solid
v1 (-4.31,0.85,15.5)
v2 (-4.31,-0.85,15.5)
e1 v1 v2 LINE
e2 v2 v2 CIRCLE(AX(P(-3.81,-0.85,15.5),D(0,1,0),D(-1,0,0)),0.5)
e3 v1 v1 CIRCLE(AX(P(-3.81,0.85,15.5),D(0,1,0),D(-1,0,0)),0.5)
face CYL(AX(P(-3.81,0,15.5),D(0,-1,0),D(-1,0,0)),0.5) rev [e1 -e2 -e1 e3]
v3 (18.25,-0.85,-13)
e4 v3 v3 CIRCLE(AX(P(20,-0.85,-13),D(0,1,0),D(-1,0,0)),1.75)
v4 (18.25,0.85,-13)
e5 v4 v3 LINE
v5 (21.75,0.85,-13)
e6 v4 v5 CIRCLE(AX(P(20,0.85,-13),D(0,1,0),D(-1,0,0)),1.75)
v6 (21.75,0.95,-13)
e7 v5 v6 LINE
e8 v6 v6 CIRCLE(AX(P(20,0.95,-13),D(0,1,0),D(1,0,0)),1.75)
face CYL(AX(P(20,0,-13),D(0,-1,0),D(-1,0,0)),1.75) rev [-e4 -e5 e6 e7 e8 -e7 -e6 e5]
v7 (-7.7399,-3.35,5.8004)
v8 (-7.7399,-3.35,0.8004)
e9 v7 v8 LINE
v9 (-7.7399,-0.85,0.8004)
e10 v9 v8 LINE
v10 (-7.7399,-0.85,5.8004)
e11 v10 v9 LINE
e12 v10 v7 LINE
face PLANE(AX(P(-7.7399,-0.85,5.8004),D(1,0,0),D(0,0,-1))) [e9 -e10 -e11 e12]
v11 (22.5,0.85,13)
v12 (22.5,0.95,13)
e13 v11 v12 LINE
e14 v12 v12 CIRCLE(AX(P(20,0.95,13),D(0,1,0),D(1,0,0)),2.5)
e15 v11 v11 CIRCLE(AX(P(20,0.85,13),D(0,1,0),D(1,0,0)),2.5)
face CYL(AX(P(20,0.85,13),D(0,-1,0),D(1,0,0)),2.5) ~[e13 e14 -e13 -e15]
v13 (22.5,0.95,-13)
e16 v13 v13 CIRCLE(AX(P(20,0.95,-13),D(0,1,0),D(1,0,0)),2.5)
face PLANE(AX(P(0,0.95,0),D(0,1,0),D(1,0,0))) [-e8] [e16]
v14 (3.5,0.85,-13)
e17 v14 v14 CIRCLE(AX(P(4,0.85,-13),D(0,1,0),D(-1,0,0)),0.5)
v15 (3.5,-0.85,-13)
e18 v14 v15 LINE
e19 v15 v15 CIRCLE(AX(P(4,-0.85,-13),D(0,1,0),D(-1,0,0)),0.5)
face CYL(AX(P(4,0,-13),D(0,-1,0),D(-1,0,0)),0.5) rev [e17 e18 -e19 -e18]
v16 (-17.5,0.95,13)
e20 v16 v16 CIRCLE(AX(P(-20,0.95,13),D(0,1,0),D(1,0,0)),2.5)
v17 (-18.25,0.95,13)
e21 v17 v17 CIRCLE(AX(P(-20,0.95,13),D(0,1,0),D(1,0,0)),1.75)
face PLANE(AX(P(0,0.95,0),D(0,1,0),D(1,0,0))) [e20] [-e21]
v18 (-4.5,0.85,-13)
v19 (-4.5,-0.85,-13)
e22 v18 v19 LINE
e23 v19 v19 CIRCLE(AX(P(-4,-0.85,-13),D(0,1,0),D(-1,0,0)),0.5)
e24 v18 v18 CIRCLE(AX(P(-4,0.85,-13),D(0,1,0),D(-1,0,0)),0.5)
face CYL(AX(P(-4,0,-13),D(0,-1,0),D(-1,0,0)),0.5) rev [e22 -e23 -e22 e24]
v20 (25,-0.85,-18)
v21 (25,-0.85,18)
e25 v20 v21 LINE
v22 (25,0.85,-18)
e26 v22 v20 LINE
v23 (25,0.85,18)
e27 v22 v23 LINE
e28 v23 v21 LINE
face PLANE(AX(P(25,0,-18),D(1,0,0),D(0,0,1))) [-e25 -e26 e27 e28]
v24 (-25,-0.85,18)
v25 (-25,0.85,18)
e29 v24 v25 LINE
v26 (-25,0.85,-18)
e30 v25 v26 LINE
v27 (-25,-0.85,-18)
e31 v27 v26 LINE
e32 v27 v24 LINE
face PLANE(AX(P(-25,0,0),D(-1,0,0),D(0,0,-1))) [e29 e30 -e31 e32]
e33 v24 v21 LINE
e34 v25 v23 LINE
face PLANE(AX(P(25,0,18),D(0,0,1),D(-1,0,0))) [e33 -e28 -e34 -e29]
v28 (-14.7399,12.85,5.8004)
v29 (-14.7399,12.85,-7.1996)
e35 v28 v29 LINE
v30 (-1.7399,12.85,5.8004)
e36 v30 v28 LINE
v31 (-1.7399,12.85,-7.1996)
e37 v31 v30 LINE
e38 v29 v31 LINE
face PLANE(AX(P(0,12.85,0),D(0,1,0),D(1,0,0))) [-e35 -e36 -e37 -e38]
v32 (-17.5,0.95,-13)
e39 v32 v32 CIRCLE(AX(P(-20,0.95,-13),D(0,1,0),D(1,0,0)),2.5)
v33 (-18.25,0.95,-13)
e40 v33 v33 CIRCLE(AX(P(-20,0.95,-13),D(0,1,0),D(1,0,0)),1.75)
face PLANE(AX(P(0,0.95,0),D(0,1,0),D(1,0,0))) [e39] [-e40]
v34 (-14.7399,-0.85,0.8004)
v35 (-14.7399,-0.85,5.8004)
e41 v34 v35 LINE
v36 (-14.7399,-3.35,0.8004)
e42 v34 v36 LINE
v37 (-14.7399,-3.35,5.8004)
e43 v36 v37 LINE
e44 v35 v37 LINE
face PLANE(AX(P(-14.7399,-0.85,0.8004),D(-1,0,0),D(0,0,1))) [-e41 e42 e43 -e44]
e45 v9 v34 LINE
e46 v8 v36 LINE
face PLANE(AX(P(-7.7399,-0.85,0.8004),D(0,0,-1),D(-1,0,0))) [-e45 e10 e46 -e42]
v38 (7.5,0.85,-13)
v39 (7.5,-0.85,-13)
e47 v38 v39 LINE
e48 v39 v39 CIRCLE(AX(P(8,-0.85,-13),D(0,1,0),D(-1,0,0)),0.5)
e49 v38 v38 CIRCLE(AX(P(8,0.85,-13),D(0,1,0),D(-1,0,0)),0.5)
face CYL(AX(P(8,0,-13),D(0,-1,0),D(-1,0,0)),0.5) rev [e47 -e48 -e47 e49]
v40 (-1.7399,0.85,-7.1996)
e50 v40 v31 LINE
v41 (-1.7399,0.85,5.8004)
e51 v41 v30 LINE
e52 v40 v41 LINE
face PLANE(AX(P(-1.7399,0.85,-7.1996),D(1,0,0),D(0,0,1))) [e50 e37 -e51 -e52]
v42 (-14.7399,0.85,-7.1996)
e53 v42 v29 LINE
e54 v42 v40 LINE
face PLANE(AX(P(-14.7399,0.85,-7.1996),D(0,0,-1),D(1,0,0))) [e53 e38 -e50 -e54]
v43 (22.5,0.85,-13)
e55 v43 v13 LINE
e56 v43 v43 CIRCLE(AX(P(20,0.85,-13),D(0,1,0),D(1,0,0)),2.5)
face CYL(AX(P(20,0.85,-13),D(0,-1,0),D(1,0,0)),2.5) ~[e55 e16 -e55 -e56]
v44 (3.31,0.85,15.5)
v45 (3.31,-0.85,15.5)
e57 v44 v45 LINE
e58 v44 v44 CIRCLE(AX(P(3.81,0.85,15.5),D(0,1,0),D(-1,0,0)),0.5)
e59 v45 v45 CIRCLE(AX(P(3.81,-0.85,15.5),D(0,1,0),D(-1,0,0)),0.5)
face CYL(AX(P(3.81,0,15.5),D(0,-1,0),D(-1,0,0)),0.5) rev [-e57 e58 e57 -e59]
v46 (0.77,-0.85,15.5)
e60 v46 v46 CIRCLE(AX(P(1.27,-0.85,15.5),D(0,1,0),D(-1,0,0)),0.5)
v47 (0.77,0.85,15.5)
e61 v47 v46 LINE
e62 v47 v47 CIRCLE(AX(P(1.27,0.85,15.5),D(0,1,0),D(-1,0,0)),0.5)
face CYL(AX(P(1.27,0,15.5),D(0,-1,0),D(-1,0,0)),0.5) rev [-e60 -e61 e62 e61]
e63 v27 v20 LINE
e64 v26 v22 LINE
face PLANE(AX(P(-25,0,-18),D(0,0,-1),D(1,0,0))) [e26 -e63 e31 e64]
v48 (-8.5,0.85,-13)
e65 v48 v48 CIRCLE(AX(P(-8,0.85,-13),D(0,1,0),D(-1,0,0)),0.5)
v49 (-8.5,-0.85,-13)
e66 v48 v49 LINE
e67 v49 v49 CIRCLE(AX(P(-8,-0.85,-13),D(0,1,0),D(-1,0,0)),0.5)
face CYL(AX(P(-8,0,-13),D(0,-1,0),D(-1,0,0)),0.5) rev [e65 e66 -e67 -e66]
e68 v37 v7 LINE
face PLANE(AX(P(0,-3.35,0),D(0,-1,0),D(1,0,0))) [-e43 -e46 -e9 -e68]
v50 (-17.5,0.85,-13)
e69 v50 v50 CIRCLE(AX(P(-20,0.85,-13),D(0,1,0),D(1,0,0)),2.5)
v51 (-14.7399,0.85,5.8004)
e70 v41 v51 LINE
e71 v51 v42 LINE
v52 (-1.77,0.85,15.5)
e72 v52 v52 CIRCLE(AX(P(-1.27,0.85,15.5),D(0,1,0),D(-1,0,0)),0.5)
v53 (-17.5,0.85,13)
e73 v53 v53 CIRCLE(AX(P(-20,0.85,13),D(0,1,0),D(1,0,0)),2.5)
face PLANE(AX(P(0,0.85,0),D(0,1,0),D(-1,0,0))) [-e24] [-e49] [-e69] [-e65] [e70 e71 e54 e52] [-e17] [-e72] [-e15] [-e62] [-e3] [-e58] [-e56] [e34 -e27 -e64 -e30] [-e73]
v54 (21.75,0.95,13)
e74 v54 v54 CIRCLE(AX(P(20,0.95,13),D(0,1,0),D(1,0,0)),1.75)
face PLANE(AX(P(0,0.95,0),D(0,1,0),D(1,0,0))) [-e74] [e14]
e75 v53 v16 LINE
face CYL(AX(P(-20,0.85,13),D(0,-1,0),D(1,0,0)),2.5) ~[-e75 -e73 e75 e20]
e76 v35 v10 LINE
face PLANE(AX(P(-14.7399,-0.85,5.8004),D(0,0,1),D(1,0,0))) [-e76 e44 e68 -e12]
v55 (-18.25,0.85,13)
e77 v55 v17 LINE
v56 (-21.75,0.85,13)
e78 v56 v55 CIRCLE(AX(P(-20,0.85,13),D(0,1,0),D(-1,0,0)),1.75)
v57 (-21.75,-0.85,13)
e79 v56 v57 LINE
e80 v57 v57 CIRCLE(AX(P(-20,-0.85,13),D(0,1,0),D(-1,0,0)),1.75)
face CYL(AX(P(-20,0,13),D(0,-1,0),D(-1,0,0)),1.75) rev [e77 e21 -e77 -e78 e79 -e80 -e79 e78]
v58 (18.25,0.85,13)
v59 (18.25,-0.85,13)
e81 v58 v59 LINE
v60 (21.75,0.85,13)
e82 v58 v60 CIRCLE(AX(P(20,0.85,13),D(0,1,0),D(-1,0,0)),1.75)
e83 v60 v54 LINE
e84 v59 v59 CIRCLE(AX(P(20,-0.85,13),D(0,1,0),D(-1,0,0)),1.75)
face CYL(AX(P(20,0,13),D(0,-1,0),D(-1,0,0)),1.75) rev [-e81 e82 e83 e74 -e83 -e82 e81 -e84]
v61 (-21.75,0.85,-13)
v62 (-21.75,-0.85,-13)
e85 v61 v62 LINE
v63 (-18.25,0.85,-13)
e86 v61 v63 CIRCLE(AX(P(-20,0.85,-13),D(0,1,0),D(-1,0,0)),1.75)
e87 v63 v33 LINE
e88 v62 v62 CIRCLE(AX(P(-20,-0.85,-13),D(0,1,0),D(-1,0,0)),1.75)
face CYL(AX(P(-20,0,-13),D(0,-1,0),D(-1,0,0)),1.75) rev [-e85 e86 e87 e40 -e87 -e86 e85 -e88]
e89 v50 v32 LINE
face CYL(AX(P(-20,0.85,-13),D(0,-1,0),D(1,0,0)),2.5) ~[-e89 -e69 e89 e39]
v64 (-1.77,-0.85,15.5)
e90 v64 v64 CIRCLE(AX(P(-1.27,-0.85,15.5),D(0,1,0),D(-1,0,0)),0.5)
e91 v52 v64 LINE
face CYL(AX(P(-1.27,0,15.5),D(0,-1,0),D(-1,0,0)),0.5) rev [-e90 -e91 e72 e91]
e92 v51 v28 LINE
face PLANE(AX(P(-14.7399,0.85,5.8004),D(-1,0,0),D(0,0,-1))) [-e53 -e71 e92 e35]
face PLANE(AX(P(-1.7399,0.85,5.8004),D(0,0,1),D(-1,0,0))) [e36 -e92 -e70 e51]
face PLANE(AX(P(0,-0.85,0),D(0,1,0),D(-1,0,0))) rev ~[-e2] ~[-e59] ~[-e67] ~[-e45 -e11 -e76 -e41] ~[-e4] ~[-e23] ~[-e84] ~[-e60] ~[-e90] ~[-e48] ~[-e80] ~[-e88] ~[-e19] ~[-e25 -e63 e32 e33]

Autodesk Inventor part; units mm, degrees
ref_plane "YZ Plane" through (0, 0, 0) normal (1, 0, 0) x (0, 1, 0)
ref_plane "XZ Plane" through (0, 0, 0) normal (0, 1, 0) x (-1, 0, 0)
ref_plane "XY Plane" through (0, 0, 0) normal (0, 0, 1) x (1, 0, 0)
sketch "Sketch1" plane through (0, 0, 0) normal (0, 1, 0) x (-1, 0, 0)
  line L0 (25, -18) -> (-25, -18)
  line L1 (-25, -18) -> (-25, 18)
  line L2 (-25, 18) -> (25, 18)
  line L3 (25, 18) -> (25, -18)
  line L4 (25, 0) -> (25, 18)
  line L5 (25, 18) -> (0, 18)
  circle A0 centre (20, 13) radius 1.75
  circle A1 centre (-20, 13) radius 1.75
  circle A2 centre (20, -13) radius 1.75
  circle A3 centre (-20, -13) radius 1.75
  line L6 (0, -18) -> (0, 18) construction
  circle A4 centre (1.27, 15.5) radius 0.5
  circle A5 centre (3.81, 15.5) radius 0.5
  circle A6 centre (-1.27, 15.5) radius 0.5
  circle A7 centre (-3.81, 15.5) radius 0.5
  circle A8 centre (-4, -13) radius 0.5
  circle A9 centre (-8, -13) radius 0.5
  circle A10 centre (4, -13) radius 0.5
  circle A11 centre (8, -13) radius 0.5
  point P0 (0, 0)
  dimension "d0" = 50
  dimension "d1" = 36
  dimension "d10" = 3.5
  dimension "d12" = 5
  dimension "d13" = 5
  dimension "d16" = 1
  dimension "d17" = 1.27
  dimension "d18" = 2.5
  dimension "d19" = 1
  dimension "d20" = 2.54
  dimension "d21" = 1
  dimension "d22" = 4
  dimension "d23" = 1
  dimension "d24" = 4
  dimension "d41" = 12
  dimension "d43" = 40
  dimension "d44" = 26
extrude "Extrusion1" add sketch "Sketch1" along normal mid plane 1.7
sketch "Sketch2" plane through (0, 0.85, 0) normal (0, 1, 0) x (1, 0, 0)
  line L0 (-14.7399, 7.1996) -> (-1.7399, 7.1996)
  line L1 (-1.7399, 7.1996) -> (-1.7399, -5.8004)
  line L2 (-1.7399, -5.8004) -> (-14.7399, -5.8004)
  line L3 (-14.7399, -5.8004) -> (-14.7399, 7.1996)
  point P0 (0, 0)
  dimension "d27" = 13
  dimension "d28" = 13
extrude "Extrusion2" add sketch "Sketch2" along normal blind 12
sketch "Sketch3" plane through (0, -0.85, 0) normal (0, -1, 0) x (1, 0, 0)
  line L0 (-14.7399, 5.8004) -> (-7.7399, 5.8004)
  line L1 (-7.7399, 5.8004) -> (-7.7399, 0.8004)
  line L2 (-7.7399, 0.8004) -> (-14.7399, 0.8004)
  line L3 (-14.7399, 0.8004) -> (-14.7399, 5.8004)
  point P0 (0, 0)
  dimension "d31" = 7
  dimension "d32" = 5
extrude "Extrusion3" add sketch "Sketch3" along normal blind 2.5
sketch "Sketch4" plane through (0, 0.85, 0) normal (0, 1, 0) x (1, 0, 0)
  line L0 (-4.7519, -12.75) -> (-3.9944, -12.75) construction
  line L1 (-3.9944, -12.75) -> (-3.9944, -13.9894) construction
  line L2 (-3.9944, -13.9894) -> (-4.7519, -13.9894) construction
  line L3 (-4.7519, -13.9894) -> (-4.7519, -12.75) construction
  line L4 (-2.1513, -12.7634) -> (-1.6525, -12.7634) construction
  line L5 (-1.6525, -12.7634) -> (-1.6525, -14.0027) construction
  line L6 (-1.6525, -14.0027) -> (-2.1513, -14.0027) construction
  line L7 (-2.1513, -14.0027) -> (-2.1513, -12.7634) construction
  line L8 (0.0686, -14.1363) -> (0.0686, -12.897) construction
  line L9 (0.0686, -12.897) -> (0.5673, -12.897) construction
  line L10 (0.5673, -12.897) -> (0.5673, -14.1363) construction
  line L11 (0.5673, -14.1363) -> (0.0686, -14.1363) construction
  line L12 (1.0686, 4.3486) -> (9.004, 4.3486) construction
  line L13 (9.004, 4.3486) -> (9.004, 3.8499) construction
  line L14 (9.004, 3.8499) -> (1.0686, 3.8499) construction
  line L15 (1.0686, 3.8499) -> (1.0686, 4.3486) construction
  line L16 (2.9588, -14.8877) -> (2.9588, -13.6483) construction
  line L17 (2.9588, -13.6483) -> (3.4575, -13.6483) construction
  line L18 (3.4575, -13.6483) -> (3.4575, -14.8877) construction
  line L19 (3.4575, -14.8877) -> (2.9588, -14.8877) construction
  line L20 (-3.0733, 9.8872) -> (-3.8308, 9.8872) construction
  line L21 (-3.8308, 9.8872) -> (-3.8308, 11.1266) construction
  line L22 (-3.8308, 11.1266) -> (-3.0733, 11.1266) construction
  line L23 (-3.0733, 11.1266) -> (-3.0733, 9.8872) construction
  line L24 (4.9547, 10.9292) -> (4.9547, 9.7419) construction
  line L25 (4.9547, 9.7419) -> (4.1972, 9.7419) construction
  line L26 (4.1972, 9.7419) -> (4.1972, 10.9292) construction
  line L27 (4.1972, 10.9292) -> (4.9547, 10.9292) construction
  line L28 (9.0783, 10.888) -> (9.0783, 9.7007) construction
  line L29 (9.0783, 9.7007) -> (8.3208, 9.7007) construction
  line L30 (8.3208, 9.7007) -> (8.3208, 10.888) construction
  line L31 (8.3208, 10.888) -> (9.0783, 10.888) construction
  line L32 (-6.789, 11.003) -> (-6.789, 9.8157) construction
  line L33 (-6.789, 9.8157) -> (-7.5465, 9.8157) construction
  line L34 (-7.5465, 9.8157) -> (-7.5465, 11.003) construction
  line L35 (-7.5465, 11.003) -> (-6.789, 11.003) construction
  point P0 (0, 0)
  point P1 (19.4358, -0.4507)
sketch "Sketch5" plane through (0, 0.85, 0) normal (0, 1, 0) x (1, 0, 0)
  circle A0 centre (-20, 13) radius 1.75 projected
  circle A1 centre (20, 13) radius 1.75 projected
  circle A2 centre (20, -13) radius 1.75 projected
  circle A3 centre (-20, -13) radius 1.75 projected
  circle A4 centre (-20, 13) radius 2.5
  circle A5 centre (-20, -13) radius 2.5
  circle A6 centre (20, 13) radius 2.5
  circle A7 centre (20, -13) radius 2.5
  point P0 (0, 0)
  dimension "d35" = 5
  dimension "d36" = 5
  dimension "d37" = 5
  dimension "d38" = 5
extrude "Extrusion4" add sketch "Sketch5" along normal blind 0.1
sketch "Sketch6" plane through (0, -0.85, 0) normal (0, -1, 0) x (1, 0, 0)
  line L0 (-3.0976, -15.0106) -> (-3.0976, -16.25) construction
  line L1 (-3.0976, -16.25) -> (-3.8551, -16.25) construction
  line L2 (-3.8551, -16.25) -> (-3.8551, -15.0106) construction
  line L3 (-3.8551, -15.0106) -> (-3.0976, -15.0106) construction
  line L4 (4.9305, -15.208) -> (4.9305, -16.3953) construction
  line L5 (4.9305, -16.3953) -> (4.173, -16.3953) construction
  line L6 (4.173, -16.3953) -> (4.173, -15.208) construction
  line L7 (4.173, -15.208) -> (4.9305, -15.208) construction
  line L8 (9.0541, -15.2492) -> (9.0541, -16.4365) construction
  line L9 (9.0541, -16.4365) -> (8.2966, -16.4365) construction
  line L10 (8.2966, -16.4365) -> (8.2966, -15.2492) construction
  line L11 (8.2966, -15.2492) -> (9.0541, -15.2492) construction
  line L12 (-6.8133, -15.1342) -> (-6.8133, -16.3215) construction
  line L13 (-6.8133, -16.3215) -> (-7.5708, -16.3215) construction
  line L14 (-7.5708, -16.3215) -> (-7.5708, -15.1342) construction
  line L15 (-7.5708, -15.1342) -> (-6.8133, -15.1342) construction
  line L16 (-4.6604, 14.3064) -> (-3.9029, 14.3064) construction
  line L17 (-3.9029, 14.3064) -> (-3.9029, 13.067) construction
  line L18 (-3.9029, 13.067) -> (-4.6604, 13.067) construction
  line L19 (-4.6604, 13.067) -> (-4.6604, 14.3064) construction
  line L20 (-2.0597, 13.0536) -> (-2.0597, 14.293) construction
  line L21 (-2.0597, 14.293) -> (-1.561, 14.293) construction
  line L22 (-1.561, 14.293) -> (-1.561, 13.0536) construction
  line L23 (-1.561, 13.0536) -> (-2.0597, 13.0536) construction
  line L24 (0.1602, 12.92) -> (0.1602, 14.1594) construction
  line L25 (0.1602, 14.1594) -> (0.6589, 14.1594) construction
  line L26 (0.6589, 14.1594) -> (0.6589, 12.92) construction
  line L27 (0.6589, 12.92) -> (0.1602, 12.92) construction
  line L28 (3.0504, 12.1687) -> (3.0504, 13.408) construction
  line L29 (3.0504, 13.408) -> (3.5491, 13.408) construction
  line L30 (3.5491, 13.408) -> (3.5491, 12.1687) construction
  line L31 (3.5491, 12.1687) -> (3.0504, 12.1687) construction
  point P0 (0, 0)
  point P1 (19.4358, -0.4507)
properties part number "UVTRON"
